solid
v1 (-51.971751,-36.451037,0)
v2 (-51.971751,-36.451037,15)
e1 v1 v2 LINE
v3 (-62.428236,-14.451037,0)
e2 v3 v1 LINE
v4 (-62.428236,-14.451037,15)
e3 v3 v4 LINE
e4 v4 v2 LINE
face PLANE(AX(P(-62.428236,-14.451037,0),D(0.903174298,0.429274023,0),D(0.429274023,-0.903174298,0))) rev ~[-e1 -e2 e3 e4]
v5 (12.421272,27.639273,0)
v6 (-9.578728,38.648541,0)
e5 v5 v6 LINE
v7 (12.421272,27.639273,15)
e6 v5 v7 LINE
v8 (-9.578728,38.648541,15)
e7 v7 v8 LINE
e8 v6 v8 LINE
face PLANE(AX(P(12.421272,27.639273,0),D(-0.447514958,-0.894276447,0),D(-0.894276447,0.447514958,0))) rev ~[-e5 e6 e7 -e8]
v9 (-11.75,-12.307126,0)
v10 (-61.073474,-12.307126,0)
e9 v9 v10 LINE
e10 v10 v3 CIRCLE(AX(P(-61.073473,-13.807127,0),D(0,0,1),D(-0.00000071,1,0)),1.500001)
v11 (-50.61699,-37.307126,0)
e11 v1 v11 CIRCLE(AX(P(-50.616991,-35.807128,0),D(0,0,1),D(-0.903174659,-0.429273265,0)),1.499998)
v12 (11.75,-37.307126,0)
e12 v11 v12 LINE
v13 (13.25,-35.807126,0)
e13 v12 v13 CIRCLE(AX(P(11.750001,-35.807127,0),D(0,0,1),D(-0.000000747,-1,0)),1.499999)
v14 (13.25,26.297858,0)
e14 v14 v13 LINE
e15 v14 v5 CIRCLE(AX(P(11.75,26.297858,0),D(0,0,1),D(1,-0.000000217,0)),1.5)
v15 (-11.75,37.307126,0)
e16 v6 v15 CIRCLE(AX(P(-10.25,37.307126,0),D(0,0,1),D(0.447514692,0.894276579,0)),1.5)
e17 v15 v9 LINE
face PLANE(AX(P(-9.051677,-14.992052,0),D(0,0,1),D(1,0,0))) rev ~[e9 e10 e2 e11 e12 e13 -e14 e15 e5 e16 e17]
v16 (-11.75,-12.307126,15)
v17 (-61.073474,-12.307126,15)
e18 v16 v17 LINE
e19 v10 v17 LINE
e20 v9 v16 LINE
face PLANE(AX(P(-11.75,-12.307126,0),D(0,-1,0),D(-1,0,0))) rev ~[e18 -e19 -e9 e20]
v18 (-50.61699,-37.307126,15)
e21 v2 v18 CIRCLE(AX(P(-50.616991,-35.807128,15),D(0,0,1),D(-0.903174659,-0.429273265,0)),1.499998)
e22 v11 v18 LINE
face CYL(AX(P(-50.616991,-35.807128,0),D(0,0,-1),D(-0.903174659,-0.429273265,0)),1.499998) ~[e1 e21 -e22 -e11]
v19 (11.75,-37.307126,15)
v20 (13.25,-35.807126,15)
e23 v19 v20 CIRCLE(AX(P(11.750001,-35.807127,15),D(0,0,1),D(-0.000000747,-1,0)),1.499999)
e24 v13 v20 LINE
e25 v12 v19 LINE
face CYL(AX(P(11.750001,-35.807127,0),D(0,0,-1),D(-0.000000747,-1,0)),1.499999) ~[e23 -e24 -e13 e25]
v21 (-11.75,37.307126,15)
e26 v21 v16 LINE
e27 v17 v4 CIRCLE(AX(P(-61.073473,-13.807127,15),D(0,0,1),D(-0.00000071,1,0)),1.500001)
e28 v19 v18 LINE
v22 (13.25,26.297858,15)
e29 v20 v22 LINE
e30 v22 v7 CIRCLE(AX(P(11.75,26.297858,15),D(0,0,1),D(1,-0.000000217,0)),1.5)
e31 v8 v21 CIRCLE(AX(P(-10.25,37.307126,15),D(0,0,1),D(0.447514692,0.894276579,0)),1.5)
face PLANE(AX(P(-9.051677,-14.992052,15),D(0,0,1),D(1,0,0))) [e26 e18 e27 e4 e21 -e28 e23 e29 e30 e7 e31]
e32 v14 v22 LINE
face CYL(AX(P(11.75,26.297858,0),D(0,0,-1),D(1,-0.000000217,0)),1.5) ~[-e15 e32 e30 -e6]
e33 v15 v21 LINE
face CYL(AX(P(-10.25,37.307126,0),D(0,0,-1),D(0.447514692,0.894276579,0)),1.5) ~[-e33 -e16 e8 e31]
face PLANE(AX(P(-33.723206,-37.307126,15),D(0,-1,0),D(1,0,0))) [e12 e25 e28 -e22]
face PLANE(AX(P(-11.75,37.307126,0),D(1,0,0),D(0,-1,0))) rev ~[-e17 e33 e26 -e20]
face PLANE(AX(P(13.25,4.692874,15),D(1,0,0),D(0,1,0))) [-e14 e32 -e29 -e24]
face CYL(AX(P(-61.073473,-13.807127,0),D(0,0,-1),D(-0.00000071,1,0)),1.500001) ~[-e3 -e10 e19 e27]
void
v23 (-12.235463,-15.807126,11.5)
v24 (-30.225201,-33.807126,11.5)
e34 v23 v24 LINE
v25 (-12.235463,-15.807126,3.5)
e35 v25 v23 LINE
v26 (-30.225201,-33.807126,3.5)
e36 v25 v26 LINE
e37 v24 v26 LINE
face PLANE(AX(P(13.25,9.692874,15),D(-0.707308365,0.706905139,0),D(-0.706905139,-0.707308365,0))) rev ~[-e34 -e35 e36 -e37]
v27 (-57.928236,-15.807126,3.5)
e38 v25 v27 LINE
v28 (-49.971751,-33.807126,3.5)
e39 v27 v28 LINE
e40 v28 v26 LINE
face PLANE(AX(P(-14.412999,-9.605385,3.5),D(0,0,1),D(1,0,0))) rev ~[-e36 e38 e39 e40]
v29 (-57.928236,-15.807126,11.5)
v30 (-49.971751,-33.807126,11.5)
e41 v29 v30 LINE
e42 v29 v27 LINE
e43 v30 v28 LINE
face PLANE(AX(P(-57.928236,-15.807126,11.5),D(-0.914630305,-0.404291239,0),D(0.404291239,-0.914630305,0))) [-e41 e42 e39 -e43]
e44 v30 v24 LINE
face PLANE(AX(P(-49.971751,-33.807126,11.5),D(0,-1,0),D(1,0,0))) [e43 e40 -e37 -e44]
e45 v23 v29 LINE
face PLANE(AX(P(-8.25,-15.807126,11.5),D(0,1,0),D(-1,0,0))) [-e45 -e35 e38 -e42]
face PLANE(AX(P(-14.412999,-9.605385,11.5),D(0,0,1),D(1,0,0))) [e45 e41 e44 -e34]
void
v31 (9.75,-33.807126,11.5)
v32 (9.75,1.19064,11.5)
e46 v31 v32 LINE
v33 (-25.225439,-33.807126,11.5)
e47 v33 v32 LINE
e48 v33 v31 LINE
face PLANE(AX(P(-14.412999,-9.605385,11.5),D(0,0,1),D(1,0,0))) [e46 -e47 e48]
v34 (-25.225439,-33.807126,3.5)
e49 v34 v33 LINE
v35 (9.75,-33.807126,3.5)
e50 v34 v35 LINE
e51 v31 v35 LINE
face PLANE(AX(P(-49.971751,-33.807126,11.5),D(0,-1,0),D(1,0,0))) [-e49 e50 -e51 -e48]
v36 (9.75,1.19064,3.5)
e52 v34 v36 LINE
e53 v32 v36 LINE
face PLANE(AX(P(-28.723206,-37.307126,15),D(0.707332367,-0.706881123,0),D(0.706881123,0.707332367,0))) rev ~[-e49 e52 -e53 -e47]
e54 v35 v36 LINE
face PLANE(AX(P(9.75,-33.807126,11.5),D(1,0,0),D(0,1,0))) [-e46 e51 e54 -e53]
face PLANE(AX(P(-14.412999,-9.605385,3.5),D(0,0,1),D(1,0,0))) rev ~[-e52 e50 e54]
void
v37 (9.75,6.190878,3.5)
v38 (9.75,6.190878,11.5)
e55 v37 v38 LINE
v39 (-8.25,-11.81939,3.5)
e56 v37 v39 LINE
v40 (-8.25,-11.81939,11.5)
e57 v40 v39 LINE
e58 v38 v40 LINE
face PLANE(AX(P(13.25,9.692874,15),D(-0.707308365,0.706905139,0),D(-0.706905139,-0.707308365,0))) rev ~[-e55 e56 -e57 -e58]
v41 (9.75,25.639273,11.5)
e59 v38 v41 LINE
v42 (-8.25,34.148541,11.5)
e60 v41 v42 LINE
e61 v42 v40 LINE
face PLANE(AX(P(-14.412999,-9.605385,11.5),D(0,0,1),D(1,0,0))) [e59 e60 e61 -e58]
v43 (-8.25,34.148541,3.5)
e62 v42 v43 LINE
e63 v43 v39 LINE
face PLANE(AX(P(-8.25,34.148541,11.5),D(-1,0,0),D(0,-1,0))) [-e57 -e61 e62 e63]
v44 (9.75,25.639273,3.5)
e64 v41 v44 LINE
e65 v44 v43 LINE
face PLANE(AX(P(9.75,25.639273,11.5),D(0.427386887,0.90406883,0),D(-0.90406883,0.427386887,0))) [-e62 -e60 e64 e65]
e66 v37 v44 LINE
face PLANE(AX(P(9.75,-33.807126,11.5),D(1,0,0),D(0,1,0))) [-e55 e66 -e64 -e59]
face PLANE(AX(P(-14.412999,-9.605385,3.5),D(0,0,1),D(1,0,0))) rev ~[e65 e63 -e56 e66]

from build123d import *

# Parameters (mm, degrees)
PAD_DEPTH    = 15
POCKET_DEPTH = 8
PAD001_DEPTH = 15


with BuildPart() as part:
    # Sketch → Pad (new body)
    with BuildSketch(Plane.XY):
        with BuildLine():
            Line((-50.61699, -37.307126), (11.75, -37.307126))
            ThreePointArc((11.75, -37.307126), (12.81066, -36.867787), (13.25, -35.807126))
            Line((13.25, -35.807126), (13.25, 26.297858))
            ThreePointArc((13.25, 26.297858), (13.026109, 27.08624), (12.421272, 27.639273))
            Line((12.421272, 27.639273), (-9.578728, 38.648541))
            ThreePointArc((-9.578728, 38.648541), (-11.038382, 38.583235), (-11.75, 37.307126))
            Line((-11.75, 37.307126), (-11.75, -12.307126))
            Line((-11.75, -12.307126), (-61.073474, -12.307126))
            ThreePointArc((-61.073474, -12.307126), (-62.341517, -13.005836), (-62.428236, -14.451037))
            Line((-62.428236, -14.451037), (-51.971751, -36.451037))
            ThreePointArc((-51.971751, -36.451037), (-51.418281, -37.075169), (-50.61699, -37.307126))
        make_face()
    extrude(amount=PAD_DEPTH)

    # Sketch001 (on DatumPlane) → Pocket (cut)
    with BuildSketch(Plane.XY.offset(11.5)):
        Polygon((-8.25, -15.807126), (-57.928236, -15.807126), (-49.971751, -33.807126), (9.75, -33.807126), (9.75, 25.639273), (-8.25, 34.148541), align=None)
    extrude(amount=-POCKET_DEPTH, mode=Mode.SUBTRACT)

    # Sketch002 (on Face5 of Pocket) → Pad001 (join)
    with BuildSketch(Plane.XY.offset(15)):
        Polygon((-33.723206, -37.307126), (-28.723206, -37.307126), (13.25, 4.692874), (13.25, 9.692874), align=None)
    extrude(amount=-PAD001_DEPTH)


solid = part.part
